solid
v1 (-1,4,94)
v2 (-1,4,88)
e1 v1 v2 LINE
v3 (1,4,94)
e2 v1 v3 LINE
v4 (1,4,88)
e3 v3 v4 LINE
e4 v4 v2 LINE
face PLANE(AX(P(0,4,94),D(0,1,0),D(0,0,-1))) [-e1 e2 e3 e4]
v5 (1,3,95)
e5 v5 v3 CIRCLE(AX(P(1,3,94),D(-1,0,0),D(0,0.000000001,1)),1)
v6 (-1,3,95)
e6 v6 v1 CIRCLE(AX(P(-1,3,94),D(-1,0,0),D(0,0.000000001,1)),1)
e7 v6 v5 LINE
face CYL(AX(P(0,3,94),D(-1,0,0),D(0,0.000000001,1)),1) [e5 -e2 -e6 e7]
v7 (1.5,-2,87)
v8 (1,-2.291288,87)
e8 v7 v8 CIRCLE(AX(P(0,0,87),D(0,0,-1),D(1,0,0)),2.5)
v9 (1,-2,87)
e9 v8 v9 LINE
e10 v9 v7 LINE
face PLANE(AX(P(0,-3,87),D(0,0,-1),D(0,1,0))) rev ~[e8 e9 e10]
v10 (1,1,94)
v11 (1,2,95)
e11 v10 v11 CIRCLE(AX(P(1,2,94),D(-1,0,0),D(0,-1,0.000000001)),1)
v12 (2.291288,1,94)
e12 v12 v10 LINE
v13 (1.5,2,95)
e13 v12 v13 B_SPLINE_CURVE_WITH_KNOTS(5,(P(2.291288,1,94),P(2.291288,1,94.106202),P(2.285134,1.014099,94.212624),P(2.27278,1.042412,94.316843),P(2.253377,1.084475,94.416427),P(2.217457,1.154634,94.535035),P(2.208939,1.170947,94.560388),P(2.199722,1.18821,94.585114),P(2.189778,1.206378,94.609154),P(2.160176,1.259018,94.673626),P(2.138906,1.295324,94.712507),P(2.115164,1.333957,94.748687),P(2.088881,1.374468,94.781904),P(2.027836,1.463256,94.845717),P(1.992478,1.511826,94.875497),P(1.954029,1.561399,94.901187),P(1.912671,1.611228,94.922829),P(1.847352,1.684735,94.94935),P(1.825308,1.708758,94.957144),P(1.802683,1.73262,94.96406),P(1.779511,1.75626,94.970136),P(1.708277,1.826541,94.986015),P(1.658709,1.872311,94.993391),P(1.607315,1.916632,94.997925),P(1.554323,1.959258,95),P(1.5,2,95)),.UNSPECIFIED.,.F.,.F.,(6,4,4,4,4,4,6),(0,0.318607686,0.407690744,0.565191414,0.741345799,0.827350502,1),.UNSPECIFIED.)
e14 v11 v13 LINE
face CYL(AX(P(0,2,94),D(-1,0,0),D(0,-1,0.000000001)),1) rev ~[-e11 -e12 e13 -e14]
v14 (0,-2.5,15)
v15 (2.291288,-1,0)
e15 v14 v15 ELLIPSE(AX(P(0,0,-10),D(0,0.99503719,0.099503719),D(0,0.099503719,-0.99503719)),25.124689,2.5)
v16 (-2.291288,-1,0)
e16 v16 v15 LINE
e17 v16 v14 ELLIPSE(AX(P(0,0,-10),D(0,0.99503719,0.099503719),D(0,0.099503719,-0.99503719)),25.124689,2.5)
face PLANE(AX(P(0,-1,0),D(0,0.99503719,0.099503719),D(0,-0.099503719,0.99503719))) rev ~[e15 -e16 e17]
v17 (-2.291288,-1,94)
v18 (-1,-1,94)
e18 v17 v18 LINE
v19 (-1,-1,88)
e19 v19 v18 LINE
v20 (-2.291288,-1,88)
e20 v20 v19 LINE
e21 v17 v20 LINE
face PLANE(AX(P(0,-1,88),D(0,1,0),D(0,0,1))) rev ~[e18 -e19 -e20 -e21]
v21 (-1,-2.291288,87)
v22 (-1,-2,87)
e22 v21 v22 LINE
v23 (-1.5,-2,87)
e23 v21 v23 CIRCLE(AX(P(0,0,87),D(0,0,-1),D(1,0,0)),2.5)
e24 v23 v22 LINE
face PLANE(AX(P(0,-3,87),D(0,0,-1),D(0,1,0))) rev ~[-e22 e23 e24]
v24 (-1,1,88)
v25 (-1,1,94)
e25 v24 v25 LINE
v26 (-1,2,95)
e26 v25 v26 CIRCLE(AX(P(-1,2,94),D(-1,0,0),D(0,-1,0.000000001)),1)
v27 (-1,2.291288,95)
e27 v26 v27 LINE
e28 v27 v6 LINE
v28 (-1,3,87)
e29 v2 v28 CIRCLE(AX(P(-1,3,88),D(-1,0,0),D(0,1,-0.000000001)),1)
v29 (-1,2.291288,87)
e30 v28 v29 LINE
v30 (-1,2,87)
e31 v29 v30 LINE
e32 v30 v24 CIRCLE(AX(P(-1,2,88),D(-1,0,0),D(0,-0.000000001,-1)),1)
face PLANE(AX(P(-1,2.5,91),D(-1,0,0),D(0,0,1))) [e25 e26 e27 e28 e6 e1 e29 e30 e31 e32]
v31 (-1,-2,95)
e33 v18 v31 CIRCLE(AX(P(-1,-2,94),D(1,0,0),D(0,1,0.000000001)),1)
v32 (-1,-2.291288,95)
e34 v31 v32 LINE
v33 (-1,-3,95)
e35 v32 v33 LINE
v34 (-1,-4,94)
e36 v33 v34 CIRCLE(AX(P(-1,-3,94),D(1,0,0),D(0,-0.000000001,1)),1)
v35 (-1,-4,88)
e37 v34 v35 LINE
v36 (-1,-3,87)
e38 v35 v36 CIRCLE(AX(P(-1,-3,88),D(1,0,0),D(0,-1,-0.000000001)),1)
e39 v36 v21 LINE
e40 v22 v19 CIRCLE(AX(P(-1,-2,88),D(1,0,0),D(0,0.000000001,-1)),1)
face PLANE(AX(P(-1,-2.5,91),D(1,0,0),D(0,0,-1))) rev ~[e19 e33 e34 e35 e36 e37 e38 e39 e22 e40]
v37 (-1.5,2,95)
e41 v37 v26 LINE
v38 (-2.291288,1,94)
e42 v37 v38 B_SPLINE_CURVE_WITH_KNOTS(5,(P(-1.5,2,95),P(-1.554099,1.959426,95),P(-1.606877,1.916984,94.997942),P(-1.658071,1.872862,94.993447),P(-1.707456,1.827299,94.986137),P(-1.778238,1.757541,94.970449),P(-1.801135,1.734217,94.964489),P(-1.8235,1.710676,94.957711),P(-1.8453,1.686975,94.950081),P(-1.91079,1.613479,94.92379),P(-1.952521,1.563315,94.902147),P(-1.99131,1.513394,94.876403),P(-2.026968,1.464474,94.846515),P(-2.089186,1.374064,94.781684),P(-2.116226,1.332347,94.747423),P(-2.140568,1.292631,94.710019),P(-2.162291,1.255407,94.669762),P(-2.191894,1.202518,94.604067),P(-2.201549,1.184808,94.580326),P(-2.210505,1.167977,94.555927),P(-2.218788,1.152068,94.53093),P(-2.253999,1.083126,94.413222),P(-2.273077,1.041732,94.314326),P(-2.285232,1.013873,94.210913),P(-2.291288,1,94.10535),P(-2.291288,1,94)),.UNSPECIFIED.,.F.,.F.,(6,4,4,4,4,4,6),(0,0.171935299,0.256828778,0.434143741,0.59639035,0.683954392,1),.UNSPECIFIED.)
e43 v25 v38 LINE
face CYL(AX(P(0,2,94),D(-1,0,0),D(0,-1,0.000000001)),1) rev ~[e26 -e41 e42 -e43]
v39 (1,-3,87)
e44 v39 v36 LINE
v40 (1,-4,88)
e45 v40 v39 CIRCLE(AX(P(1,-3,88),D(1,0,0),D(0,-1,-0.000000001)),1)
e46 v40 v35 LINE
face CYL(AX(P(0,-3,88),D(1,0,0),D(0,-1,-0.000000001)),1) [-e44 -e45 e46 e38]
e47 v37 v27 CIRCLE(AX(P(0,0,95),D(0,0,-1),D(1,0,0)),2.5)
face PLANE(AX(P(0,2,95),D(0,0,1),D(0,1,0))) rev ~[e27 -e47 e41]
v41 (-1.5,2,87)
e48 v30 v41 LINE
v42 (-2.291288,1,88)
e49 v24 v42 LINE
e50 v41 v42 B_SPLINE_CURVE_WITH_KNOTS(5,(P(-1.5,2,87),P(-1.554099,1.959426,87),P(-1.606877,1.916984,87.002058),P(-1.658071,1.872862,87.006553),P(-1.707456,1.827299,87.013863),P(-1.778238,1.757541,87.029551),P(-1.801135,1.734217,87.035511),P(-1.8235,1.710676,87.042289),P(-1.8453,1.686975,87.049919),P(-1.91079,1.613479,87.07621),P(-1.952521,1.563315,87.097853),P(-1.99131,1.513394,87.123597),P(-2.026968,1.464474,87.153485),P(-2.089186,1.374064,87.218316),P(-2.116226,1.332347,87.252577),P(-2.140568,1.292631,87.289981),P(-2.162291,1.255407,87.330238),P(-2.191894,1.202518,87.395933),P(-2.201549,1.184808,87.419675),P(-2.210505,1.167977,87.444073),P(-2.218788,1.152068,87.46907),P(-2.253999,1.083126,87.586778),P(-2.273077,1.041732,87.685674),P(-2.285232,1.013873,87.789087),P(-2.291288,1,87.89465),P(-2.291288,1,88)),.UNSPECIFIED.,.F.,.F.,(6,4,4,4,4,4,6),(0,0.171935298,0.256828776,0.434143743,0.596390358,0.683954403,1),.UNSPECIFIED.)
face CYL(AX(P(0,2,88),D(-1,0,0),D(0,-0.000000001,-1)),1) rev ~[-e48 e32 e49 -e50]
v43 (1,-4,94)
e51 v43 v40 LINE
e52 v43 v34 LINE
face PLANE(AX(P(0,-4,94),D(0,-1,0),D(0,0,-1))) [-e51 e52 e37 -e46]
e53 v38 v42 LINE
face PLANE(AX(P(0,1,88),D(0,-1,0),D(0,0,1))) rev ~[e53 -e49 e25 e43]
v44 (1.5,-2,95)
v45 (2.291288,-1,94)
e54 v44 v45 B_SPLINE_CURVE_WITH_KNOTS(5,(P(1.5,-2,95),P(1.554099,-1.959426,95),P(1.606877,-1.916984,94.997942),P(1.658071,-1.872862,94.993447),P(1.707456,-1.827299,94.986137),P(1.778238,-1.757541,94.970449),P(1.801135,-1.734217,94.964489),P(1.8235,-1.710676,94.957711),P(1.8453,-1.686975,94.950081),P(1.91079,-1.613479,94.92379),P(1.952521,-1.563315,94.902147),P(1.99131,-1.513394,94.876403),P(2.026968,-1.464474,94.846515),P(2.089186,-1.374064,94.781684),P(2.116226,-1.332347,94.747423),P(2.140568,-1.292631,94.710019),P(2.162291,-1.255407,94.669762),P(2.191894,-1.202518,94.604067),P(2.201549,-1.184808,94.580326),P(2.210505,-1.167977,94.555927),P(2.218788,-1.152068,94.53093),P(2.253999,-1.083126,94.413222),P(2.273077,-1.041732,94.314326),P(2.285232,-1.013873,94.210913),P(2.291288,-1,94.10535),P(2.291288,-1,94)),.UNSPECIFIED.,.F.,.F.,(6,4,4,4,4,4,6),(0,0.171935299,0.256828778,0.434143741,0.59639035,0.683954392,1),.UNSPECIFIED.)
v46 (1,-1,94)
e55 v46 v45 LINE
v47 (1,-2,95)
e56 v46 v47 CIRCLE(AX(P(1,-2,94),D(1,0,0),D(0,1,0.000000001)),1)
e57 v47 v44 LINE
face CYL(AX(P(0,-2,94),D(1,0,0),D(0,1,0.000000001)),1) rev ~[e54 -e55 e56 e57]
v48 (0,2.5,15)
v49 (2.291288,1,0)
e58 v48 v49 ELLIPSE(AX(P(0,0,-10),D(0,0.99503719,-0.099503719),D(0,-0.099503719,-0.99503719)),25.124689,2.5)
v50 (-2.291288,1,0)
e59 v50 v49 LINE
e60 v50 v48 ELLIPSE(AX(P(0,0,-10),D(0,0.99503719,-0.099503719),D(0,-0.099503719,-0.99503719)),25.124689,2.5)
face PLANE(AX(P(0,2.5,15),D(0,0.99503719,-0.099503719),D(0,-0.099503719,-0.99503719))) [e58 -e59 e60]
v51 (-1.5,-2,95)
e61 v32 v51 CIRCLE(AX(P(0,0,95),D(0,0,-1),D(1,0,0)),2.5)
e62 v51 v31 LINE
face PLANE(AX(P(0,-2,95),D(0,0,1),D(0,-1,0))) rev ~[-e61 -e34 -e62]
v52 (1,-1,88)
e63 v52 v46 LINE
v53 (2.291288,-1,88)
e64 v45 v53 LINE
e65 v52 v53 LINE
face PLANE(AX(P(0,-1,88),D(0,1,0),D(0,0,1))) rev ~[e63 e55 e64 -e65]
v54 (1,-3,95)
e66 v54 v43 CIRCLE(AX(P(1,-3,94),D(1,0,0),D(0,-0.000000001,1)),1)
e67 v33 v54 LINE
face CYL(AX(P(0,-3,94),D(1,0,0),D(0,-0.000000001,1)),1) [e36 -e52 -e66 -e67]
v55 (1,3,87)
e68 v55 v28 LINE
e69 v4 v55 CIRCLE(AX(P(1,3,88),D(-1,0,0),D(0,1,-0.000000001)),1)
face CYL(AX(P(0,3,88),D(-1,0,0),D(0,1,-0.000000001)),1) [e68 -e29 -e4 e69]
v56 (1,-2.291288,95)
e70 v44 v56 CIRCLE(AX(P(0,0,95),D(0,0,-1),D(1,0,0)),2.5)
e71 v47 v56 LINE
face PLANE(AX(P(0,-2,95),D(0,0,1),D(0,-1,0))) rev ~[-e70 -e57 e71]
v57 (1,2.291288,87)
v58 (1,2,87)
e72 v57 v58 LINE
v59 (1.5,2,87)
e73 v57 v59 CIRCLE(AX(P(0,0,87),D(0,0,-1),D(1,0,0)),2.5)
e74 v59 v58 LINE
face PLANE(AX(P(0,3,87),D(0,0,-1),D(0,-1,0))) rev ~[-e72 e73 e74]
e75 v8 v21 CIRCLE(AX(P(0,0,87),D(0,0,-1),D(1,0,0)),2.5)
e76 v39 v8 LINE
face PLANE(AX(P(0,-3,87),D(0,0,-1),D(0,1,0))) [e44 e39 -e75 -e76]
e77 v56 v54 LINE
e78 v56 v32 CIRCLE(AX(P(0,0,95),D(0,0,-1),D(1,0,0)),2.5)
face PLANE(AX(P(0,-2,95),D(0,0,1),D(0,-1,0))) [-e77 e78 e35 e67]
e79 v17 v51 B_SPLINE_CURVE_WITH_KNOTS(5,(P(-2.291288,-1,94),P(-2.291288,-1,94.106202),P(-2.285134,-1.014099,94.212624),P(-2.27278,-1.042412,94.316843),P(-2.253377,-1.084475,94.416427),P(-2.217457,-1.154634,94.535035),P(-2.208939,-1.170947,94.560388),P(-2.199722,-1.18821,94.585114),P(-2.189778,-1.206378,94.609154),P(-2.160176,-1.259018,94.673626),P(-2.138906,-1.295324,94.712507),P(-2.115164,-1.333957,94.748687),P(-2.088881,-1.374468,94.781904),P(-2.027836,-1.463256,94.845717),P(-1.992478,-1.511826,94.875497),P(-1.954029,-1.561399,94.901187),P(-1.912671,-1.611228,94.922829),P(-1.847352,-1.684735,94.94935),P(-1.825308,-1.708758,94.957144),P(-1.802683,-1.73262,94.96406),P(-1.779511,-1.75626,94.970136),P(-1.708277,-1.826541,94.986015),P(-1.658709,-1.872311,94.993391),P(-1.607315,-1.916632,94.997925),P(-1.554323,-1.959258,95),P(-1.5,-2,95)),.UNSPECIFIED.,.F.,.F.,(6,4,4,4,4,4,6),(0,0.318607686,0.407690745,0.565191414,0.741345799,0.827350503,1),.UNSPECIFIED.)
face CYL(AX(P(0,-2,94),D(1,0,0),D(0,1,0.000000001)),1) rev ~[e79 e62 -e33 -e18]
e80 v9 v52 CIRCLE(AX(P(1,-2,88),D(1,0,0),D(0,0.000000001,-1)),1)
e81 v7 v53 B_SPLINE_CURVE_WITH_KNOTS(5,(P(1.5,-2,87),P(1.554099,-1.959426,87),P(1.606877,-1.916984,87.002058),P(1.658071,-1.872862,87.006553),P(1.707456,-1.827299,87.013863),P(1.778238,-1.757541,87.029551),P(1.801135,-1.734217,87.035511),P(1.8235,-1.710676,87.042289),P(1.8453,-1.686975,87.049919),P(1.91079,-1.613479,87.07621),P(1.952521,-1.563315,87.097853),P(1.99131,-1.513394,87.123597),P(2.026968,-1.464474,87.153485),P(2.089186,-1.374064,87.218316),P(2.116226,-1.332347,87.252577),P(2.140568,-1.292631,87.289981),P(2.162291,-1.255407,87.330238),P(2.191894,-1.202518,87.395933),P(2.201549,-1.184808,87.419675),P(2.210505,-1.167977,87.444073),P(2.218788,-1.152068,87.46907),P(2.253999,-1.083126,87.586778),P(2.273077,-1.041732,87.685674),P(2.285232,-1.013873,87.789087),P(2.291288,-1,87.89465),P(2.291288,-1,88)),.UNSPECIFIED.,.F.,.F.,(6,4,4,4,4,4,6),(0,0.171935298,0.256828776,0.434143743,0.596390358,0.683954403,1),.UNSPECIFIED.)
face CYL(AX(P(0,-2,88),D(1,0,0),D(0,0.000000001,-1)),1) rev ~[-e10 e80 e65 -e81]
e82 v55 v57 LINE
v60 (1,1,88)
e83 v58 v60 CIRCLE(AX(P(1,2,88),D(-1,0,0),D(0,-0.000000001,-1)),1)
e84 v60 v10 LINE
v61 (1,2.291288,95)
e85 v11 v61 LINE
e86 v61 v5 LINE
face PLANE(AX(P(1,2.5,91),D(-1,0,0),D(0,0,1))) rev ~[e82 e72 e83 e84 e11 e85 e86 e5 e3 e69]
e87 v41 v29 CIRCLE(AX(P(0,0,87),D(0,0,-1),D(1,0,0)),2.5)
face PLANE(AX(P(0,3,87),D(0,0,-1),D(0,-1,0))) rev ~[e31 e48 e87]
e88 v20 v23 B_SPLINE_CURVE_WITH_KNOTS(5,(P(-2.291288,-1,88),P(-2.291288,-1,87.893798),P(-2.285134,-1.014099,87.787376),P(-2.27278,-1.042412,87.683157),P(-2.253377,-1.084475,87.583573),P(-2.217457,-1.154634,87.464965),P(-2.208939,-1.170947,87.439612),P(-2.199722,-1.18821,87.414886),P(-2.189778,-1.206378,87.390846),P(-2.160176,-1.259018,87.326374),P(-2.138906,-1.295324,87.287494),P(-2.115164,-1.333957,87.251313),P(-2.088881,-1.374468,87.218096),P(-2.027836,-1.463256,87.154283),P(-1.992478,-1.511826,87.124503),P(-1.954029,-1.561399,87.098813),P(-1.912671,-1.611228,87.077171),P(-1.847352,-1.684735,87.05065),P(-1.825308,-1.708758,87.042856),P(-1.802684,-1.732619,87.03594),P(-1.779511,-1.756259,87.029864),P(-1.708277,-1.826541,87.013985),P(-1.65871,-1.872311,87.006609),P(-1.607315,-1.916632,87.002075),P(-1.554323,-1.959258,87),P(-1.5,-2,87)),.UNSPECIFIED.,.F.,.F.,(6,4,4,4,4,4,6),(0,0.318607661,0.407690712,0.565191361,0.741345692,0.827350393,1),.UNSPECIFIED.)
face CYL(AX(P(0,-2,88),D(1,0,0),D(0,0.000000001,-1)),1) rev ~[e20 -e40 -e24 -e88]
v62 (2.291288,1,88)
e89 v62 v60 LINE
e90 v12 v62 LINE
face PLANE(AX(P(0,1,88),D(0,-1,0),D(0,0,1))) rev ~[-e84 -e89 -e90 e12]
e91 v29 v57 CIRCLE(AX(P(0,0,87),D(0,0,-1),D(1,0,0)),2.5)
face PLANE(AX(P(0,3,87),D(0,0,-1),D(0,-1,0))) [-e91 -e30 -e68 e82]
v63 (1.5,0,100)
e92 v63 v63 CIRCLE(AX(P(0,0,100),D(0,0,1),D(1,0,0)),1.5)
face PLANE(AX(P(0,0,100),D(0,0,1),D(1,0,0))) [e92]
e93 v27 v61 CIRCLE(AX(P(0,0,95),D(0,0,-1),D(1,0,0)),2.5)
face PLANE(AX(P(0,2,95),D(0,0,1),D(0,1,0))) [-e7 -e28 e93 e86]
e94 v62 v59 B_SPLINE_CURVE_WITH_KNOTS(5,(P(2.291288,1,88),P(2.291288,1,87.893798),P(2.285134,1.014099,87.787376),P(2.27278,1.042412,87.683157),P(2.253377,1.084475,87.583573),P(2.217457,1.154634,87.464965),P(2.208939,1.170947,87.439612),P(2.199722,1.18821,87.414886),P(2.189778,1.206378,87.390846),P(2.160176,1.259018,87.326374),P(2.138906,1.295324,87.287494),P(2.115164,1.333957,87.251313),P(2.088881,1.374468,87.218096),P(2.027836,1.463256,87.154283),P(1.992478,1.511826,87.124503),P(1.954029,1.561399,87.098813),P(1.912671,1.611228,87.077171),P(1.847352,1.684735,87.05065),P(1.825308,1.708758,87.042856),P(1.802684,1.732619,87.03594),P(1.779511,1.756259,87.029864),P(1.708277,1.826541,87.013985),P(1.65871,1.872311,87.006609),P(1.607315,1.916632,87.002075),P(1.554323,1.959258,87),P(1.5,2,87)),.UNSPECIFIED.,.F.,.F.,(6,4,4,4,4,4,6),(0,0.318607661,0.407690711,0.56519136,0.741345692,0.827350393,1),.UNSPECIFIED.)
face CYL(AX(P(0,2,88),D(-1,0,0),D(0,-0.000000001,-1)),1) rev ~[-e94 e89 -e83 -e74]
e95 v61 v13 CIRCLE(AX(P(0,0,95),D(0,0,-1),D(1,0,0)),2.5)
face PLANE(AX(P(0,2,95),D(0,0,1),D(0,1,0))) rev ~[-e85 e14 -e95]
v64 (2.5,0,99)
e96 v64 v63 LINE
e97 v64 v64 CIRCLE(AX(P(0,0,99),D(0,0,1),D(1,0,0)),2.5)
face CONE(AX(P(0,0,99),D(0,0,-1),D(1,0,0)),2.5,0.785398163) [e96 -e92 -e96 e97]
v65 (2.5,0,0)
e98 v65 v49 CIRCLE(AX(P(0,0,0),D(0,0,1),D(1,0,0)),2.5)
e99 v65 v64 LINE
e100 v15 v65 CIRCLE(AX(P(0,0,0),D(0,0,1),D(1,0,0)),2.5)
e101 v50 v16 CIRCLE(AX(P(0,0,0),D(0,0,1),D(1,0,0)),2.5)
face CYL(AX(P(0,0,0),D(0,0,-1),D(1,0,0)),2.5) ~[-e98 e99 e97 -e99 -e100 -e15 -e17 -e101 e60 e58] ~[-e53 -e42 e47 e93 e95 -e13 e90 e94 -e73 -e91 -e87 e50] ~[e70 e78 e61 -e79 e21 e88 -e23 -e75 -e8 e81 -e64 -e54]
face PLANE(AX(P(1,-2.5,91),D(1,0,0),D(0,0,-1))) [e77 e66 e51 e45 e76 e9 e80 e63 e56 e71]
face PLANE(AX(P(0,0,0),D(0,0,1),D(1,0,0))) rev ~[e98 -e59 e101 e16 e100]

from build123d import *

# Parameters (mm, degrees)
SKETCH1_R           = 2.5
BOSS_EXTRUDE1_DEPTH = 100
CUT_EXTRUDE1_DEPTH  = 5
BOSS_EXTRUDE2_DEPTH = 1
CUT_EXTRUDE2_DEPTH  = 6
CHAMFER1_SIZE       = 1


with BuildPart() as part:
    # Sketch1 → Boss-Extrude1 (new body)
    with BuildSketch(Plane.XY):
        Circle(SKETCH1_R)
    extrude(amount=BOSS_EXTRUDE1_DEPTH)

    # Sketch2 → Cut-Extrude1 (cut, symmetric)
    with BuildSketch(Plane(origin=(0, 0, 0), x_dir=(0, 0, -1), z_dir=(1, 0, 0))):
        with BuildLine():
            Line((-94, 4), (-88, 4))
            ThreePointArc((-88, 4), (-87.292893219, 3.707106781), (-87, 3))
            Line((-87, 3), (-87, 2))
            ThreePointArc((-87, 2), (-87.292893219, 1.292893219), (-88, 1))
            Line((-88, 1), (-94, 1))
            ThreePointArc((-94, 1), (-94.707106781, 1.292893219), (-95, 2))
            Line((-95, 2), (-95, 3))
            ThreePointArc((-95, 3), (-94.707106781, 3.707106781), (-94, 4))
        make_face()
        with BuildLine():
            Line((-87, -3), (-87, -2))
            ThreePointArc((-87, -2), (-87.292893219, -1.292893219), (-88, -1))
            Line((-88, -1), (-94, -1))
            ThreePointArc((-94, -1), (-94.707106781, -1.292893219), (-95, -2))
            Line((-95, -2), (-95, -3))
            ThreePointArc((-95, -3), (-94.707106781, -3.707106781), (-94, -4))
            Line((-94, -4), (-88, -4))
            ThreePointArc((-88, -4), (-87.292893219, -3.707106781), (-87, -3))
        make_face()
    extrude(amount=CUT_EXTRUDE1_DEPTH, both=True, mode=Mode.SUBTRACT)

    # Sketch2<2> → Boss-Extrude2 (add, symmetric)
    with BuildSketch(Plane(origin=(0, 0, 0), x_dir=(0, 0, -1), z_dir=(1, 0, 0))):
        with BuildLine():
            Line((-94, 4), (-88, 4))
            ThreePointArc((-88, 4), (-87.292893219, 3.707106781), (-87, 3))
            Line((-87, 3), (-87, 2))
            ThreePointArc((-87, 2), (-87.292893219, 1.292893219), (-88, 1))
            Line((-88, 1), (-94, 1))
            ThreePointArc((-94, 1), (-94.707106781, 1.292893219), (-95, 2))
            Line((-95, 2), (-95, 3))
            ThreePointArc((-95, 3), (-94.707106781, 3.707106781), (-94, 4))
        make_face()
        with BuildLine():
            Line((-87, -3), (-87, -2))
            ThreePointArc((-87, -2), (-87.292893219, -1.292893219), (-88, -1))
            Line((-88, -1), (-94, -1))
            ThreePointArc((-94, -1), (-94.707106781, -1.292893219), (-95, -2))
            Line((-95, -2), (-95, -3))
            ThreePointArc((-95, -3), (-94.707106781, -3.707106781), (-94, -4))
            Line((-94, -4), (-88, -4))
            ThreePointArc((-88, -4), (-87.292893219, -3.707106781), (-87, -3))
        make_face()
    extrude(amount=BOSS_EXTRUDE2_DEPTH, both=True)

    # Sketch4 → Cut-Extrude2 (cut, symmetric)
    with BuildSketch(Plane(origin=(0, 0, 0), x_dir=(0, 0, -1), z_dir=(1, 0, 0))):
        Polygon((-15, 2.5), (0, 1), (0, 2.5), align=None)
        Polygon((0, -2.5), (0, -1), (-15, -2.5), align=None)
    extrude(amount=CUT_EXTRUDE2_DEPTH, both=True, mode=Mode.SUBTRACT)

    # Chamfer1
    chamfer1_edges = [part.edges().sort_by_distance(p)[0] for p in [
        (-2.5, 0, 100),
    ]]
    chamfer(chamfer1_edges, length=CHAMFER1_SIZE)


solid = part.part
